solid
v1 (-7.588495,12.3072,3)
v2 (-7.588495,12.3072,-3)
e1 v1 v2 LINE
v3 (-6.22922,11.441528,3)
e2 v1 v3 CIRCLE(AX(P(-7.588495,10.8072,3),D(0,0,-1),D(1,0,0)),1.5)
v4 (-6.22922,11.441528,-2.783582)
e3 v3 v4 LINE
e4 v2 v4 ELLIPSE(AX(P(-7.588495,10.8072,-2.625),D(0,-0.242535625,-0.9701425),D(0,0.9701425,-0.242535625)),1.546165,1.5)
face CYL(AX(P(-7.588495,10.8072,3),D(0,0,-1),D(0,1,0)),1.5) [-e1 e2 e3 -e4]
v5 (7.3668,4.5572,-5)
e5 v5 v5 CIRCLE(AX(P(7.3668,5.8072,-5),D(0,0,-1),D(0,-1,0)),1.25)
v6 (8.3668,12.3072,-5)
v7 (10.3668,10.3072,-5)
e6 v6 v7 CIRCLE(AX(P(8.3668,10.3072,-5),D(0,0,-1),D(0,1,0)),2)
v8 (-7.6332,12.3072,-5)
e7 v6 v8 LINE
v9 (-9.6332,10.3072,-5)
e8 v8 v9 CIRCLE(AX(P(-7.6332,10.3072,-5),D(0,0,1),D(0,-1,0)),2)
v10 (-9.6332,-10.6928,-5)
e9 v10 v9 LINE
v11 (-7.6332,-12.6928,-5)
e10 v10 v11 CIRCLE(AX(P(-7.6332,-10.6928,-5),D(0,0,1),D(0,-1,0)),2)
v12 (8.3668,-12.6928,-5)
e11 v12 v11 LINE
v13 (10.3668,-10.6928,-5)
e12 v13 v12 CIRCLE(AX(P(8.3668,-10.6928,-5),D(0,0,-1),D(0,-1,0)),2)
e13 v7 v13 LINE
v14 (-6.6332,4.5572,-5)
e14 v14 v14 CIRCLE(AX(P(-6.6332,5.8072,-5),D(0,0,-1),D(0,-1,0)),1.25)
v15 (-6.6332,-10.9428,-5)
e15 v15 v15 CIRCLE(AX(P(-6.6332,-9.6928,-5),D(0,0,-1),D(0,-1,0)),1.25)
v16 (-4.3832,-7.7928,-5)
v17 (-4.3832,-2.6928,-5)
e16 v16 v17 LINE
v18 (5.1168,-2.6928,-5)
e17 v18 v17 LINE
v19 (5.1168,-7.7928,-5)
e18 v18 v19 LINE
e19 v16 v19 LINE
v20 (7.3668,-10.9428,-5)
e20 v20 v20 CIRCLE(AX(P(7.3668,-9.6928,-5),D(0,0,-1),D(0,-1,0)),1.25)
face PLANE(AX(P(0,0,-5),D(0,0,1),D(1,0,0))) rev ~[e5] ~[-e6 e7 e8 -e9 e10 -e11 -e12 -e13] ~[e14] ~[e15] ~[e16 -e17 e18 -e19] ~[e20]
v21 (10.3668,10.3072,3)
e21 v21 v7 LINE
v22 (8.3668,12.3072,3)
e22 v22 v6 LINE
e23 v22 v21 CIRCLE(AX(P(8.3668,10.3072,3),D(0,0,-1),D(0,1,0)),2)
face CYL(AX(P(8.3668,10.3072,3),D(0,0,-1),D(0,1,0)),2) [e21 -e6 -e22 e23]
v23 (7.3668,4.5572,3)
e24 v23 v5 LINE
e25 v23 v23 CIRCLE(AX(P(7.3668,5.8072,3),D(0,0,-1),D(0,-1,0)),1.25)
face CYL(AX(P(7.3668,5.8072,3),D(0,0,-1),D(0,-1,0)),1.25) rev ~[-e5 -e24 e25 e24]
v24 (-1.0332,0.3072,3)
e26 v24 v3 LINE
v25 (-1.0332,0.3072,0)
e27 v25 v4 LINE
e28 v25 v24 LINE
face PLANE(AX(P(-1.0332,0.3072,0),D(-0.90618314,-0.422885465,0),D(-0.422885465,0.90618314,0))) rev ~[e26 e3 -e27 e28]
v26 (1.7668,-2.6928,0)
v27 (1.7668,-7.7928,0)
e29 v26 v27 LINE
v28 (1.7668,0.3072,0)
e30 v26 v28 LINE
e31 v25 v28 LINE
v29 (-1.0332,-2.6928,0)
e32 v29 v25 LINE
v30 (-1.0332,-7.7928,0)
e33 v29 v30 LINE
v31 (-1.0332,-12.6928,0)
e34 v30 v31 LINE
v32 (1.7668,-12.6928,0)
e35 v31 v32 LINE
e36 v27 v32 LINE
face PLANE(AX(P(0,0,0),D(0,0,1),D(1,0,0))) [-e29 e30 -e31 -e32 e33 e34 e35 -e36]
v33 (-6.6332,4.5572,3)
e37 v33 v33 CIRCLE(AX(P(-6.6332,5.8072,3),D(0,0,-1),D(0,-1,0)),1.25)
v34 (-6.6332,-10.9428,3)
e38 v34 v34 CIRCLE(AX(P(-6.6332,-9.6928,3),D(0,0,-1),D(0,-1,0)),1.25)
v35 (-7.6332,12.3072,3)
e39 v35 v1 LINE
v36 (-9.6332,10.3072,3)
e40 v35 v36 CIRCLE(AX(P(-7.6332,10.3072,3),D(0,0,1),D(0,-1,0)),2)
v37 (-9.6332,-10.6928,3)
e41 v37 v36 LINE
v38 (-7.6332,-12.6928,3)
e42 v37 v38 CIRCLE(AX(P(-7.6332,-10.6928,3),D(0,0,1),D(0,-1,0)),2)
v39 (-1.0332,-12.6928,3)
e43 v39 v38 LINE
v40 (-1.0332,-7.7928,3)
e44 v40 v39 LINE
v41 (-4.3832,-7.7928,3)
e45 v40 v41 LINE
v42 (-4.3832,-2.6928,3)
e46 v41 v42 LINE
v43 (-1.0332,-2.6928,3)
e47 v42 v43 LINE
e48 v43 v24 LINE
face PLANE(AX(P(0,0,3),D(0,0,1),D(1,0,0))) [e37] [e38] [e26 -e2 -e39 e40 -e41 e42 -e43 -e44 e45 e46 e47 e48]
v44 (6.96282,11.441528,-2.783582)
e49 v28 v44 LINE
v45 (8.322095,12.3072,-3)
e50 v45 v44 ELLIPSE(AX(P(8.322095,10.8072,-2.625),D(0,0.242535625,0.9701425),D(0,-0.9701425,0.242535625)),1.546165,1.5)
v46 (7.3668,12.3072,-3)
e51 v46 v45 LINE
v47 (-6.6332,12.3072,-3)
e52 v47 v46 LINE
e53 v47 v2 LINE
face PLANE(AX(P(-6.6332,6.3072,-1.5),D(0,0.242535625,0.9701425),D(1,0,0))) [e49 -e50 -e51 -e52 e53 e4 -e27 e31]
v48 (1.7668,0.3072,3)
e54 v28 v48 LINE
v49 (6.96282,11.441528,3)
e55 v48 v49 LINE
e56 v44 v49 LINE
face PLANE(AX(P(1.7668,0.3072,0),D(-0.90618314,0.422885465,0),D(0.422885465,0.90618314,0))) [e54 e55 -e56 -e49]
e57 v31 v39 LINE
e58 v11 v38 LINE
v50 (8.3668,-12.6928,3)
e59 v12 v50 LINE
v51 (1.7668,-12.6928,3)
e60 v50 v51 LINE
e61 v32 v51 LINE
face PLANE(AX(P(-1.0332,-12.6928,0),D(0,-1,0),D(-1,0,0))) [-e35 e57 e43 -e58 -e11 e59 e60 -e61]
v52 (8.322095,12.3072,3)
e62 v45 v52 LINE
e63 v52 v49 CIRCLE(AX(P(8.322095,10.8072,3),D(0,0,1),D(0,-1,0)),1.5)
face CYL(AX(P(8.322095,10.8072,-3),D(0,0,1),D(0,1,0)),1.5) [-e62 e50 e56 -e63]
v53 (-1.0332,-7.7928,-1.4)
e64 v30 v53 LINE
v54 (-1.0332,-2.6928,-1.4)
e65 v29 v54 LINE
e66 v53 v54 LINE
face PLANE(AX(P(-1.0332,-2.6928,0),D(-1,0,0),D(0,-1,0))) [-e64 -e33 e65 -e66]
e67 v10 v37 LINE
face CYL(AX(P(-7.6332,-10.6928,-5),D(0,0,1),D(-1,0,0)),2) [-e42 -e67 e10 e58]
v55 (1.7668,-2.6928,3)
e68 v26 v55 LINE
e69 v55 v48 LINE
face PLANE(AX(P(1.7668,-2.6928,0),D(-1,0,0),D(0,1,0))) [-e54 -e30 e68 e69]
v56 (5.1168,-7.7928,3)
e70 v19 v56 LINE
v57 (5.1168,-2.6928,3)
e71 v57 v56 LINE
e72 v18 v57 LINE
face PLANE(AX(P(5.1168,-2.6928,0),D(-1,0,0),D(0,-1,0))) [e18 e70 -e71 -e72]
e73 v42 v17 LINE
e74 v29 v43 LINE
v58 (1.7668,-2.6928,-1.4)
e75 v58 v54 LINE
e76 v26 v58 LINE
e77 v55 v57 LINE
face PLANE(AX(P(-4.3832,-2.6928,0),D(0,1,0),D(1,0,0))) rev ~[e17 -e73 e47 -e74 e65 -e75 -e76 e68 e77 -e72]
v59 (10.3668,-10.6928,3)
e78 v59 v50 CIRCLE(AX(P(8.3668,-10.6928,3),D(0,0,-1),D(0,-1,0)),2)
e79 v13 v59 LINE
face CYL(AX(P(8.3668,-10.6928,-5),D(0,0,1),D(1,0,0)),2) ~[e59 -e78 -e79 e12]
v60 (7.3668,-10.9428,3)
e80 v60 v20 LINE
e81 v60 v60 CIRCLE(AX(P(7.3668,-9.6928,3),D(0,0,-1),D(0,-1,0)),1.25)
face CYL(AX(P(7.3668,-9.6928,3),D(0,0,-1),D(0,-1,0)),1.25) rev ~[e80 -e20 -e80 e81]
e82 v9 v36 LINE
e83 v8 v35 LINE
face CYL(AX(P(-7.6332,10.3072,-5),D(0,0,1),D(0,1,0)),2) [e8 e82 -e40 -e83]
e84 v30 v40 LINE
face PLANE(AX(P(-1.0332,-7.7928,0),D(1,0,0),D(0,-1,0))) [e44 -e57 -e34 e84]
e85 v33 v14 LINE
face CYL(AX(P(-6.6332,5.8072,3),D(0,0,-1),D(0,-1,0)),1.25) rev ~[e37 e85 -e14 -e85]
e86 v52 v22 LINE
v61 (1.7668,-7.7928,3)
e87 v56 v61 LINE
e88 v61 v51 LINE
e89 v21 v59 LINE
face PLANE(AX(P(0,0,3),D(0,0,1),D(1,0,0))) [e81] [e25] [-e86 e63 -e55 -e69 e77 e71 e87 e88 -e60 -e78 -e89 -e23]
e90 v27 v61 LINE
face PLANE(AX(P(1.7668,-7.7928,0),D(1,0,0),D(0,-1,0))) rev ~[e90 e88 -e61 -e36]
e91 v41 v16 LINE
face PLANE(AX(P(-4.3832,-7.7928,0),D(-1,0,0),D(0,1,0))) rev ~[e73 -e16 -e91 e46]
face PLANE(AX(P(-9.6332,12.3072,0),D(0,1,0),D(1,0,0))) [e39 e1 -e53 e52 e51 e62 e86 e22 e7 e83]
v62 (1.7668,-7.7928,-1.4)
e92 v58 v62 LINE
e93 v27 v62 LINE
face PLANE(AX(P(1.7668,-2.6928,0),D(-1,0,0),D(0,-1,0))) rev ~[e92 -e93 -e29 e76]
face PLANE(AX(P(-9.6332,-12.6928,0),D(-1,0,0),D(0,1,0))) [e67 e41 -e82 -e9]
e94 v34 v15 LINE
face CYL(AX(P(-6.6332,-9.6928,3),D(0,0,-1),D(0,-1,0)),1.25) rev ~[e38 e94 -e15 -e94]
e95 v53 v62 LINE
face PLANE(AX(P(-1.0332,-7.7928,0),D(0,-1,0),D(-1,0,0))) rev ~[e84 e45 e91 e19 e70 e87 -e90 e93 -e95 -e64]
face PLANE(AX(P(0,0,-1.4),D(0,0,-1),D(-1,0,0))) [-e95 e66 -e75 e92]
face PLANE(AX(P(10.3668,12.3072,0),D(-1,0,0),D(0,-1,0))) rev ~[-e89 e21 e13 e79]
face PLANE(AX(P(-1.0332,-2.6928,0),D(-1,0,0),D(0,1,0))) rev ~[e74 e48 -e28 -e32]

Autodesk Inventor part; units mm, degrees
ref_plane "YZ Plane" through (0, 0, 0) normal (1, 0, 0) x (0, 1, 0)
ref_plane "XZ Plane" through (0, 0, 0) normal (0, 1, 0) x (-1, 0, 0)
ref_plane "XY Plane" through (0, 0, 0) normal (0, 0, 1) x (1, 0, 0)
sketch "Sketch1" plane through (0, 0, 0) normal (0, 0, 1) x (1, 0, 0)
  line L0 (-9.6332, 12.3072) -> (10.3668, 12.3072)
  line L1 (10.3668, 12.3072) -> (10.3668, -12.6928)
  line L2 (10.3668, -12.6928) -> (-9.6332, -12.6928)
  line L3 (-9.6332, -12.6928) -> (-9.6332, 12.3072)
  line L4 (-4.3832, -2.6928) -> (5.1168, -2.6928)
  line L5 (5.1168, -2.6928) -> (5.1168, -7.7928)
  line L6 (5.1168, -7.7928) -> (-4.3832, -7.7928)
  line L7 (-4.3832, -7.7928) -> (-4.3832, -2.6928)
  line L8 (-1.0332, -2.6928) -> (-1.0332, -7.7928)
  line L9 (1.7668, -2.6928) -> (1.7668, -7.7928)
  line L10 (-1.0332, -2.6928) -> (-1.0332, 0.3072)
  line L11 (1.7668, -2.6928) -> (1.7668, 0.3072)
  line L12 (-1.0332, 0.3072) -> (-6.6332, 12.3072)
  line L13 (1.7668, 0.3072) -> (7.3668, 12.3072)
  line L14 (-1.0332, -7.7928) -> (-1.0332, -12.6928)
  line L15 (1.7668, -7.7928) -> (1.7668, -12.6928)
  point P0 (0, 0)
  dimension "d0" = 20
  dimension "d1" = 25
  dimension "d2" = 3.35
  dimension "d3" = 3.35
  dimension "d4" = 2.8
  dimension "d5" = 5.1
  dimension "d6" = 5.25
  dimension "d7" = 9.5
  dimension "d9" = 15
  dimension "d10" = 4.9
  dimension "d11" = 3
  dimension "d12" = 3
  dimension "d13" = 3
  dimension "d14" = 3
extrude "Extrusion1" add sketch "Sketch1" along normal blind 3 contours L0 L12 L10 L4 L7 L6 L14 L2 L3 | L0 L1 L2 L15 L6 L5 L4 L11 L13
extrude "Extrusion2" add sketch "Sketch1" against normal blind 5 contours L0 L12 L10 L4 L7 L6 L14 L2 L3 | L0 L13 L11 L4 L10 L12 | L0 L1 L2 L15 L6 L5 L4 L11 L13 | L14 L6 L15 L2 | L4 L9 L6 L8
sketch "Sketch2" plane through (0, 0, -5) normal (0, 0, -1) x (-1, 0, 0)
  line L0 (-1.7668, -2.6928) -> (-1.7668, -7.7928) projected
  line L1 (-1.7668, -7.7928) -> (-5.1168, -7.7928) projected
  line L2 (-5.1168, -7.7928) -> (-5.1168, -2.6928) projected
  line L3 (-5.1168, -2.6928) -> (-1.7668, -2.6928) projected
  line L4 (1.0332, -7.7928) -> (1.0332, -2.6928) projected
  line L5 (1.0332, -2.6928) -> (4.3832, -2.6928) projected
  line L6 (4.3832, -2.6928) -> (4.3832, -7.7928) projected
  line L7 (4.3832, -7.7928) -> (1.0332, -7.7928) projected
  line L8 (9.6332, 12.3072) -> (-10.3668, 12.3072) projected
  line L9 (-10.3668, 12.3072) -> (-10.3668, -12.6928) projected
  line L10 (-10.3668, -12.6928) -> (9.6332, -12.6928) projected
  line L11 (9.6332, -12.6928) -> (9.6332, 12.3072) projected
  line L12 (1.0332, -12.6928) -> (1.0332, -7.7928) projected
  line L13 (-1.7668, -2.6928) -> (1.0332, -2.6928)
  line L14 (1.0332, -2.6928) -> (1.0332, -7.7928)
  line L15 (1.0332, -7.7928) -> (-1.7668, -7.7928)
  line L16 (-1.7668, -7.7928) -> (-1.7668, -2.6928)
  point P0 (0, 0)
extrude "Extrusion3" cut sketch "Sketch2" against normal blind 3.6 contours L13 L4 L15 L0
chamfer "Chamfer1" distance 12 distance2 3 1 edges at (0.3668, 12.3072, 0) measured on face at (-0.0999, 8.3072, 0)
sketch "Sketch3" plane through (0, 0, 3) normal (0, 0, 1) x (1, 0, 0)
  line L0 (-9.6332, 12.3072) -> (-9.6332, -12.6928) projected
  line L1 (-9.6332, -12.6928) -> (-1.0332, -12.6928) projected
  line L2 (-1.0332, -12.6928) -> (-1.0332, -7.7928) projected
  line L3 (-1.0332, -7.7928) -> (-4.3832, -7.7928) projected
  line L4 (-4.3832, -7.7928) -> (-4.3832, -2.6928) projected
  line L5 (-4.3832, -2.6928) -> (-1.0332, -2.6928) projected
  line L6 (-1.0332, -2.6928) -> (-1.0332, 0.3072) projected
  line L7 (-1.0332, 0.3072) -> (-6.6332, 12.3072) projected
  line L8 (-6.6332, 12.3072) -> (-9.6332, 12.3072) projected
  line L9 (10.3668, -12.6928) -> (10.3668, 12.3072) projected
  line L10 (10.3668, 12.3072) -> (7.3668, 12.3072) projected
  line L11 (7.3668, 12.3072) -> (1.7668, 0.3072) projected
  line L12 (1.7668, 0.3072) -> (1.7668, -2.6928) projected
  line L13 (1.7668, -2.6928) -> (5.1168, -2.6928) projected
  line L14 (5.1168, -2.6928) -> (5.1168, -7.7928) projected
  line L15 (5.1168, -7.7928) -> (1.7668, -7.7928) projected
  line L16 (1.7668, -7.7928) -> (1.7668, -12.6928) projected
  line L17 (1.7668, -12.6928) -> (10.3668, -12.6928) projected
  point P0 (0, 0)
  point P1 (-6.6332, 5.8072)
  point P2 (7.3668, 5.8072)
  point P3 (-6.6332, -9.6928)
  point P4 (7.3668, -9.6928)
  dimension "d24" = 25
  dimension "d25" = 6.5
  dimension "d26" = 3
  dimension "d27" = 4.9
  dimension "d28" = 3
  dimension "d29" = 3
  dimension "d37" = 5.25
  dimension "d38" = 3
  dimension "d39" = 3
hole "Hole1" at (-6.6332, 5.8072, 3) at (7.3668, 5.8072, 3) at (-6.6332, -9.6928, 3) at (7.3668, -9.6928, 3) direction (0, 0, -1) diameter 2.5 end through all
fillet "Fillet1" radius 1.5 2 edges at (-6.6332, 12.3072, 0) (7.3668, 12.3072, 0)
fillet "Fillet2" radius 2 4 edges at (-9.6332, 12.3072, -1) (10.3668, 12.3072, -1) (10.3668, -12.6928, -1) (-9.6332, -12.6928, -1)
equation "\"d3\" = d2"
equation "\"d6\" = -0.5 * d7 + 0.5 * d0"
equation "\"d12\" = d11"
equation "\"d14\" = d13"
equation "\"d29\" = d28"
equation "\"d39\" = d38"
properties part number "3DP_PLA_Part_Detector_Bottom_Half" material "ABS Plastic"
